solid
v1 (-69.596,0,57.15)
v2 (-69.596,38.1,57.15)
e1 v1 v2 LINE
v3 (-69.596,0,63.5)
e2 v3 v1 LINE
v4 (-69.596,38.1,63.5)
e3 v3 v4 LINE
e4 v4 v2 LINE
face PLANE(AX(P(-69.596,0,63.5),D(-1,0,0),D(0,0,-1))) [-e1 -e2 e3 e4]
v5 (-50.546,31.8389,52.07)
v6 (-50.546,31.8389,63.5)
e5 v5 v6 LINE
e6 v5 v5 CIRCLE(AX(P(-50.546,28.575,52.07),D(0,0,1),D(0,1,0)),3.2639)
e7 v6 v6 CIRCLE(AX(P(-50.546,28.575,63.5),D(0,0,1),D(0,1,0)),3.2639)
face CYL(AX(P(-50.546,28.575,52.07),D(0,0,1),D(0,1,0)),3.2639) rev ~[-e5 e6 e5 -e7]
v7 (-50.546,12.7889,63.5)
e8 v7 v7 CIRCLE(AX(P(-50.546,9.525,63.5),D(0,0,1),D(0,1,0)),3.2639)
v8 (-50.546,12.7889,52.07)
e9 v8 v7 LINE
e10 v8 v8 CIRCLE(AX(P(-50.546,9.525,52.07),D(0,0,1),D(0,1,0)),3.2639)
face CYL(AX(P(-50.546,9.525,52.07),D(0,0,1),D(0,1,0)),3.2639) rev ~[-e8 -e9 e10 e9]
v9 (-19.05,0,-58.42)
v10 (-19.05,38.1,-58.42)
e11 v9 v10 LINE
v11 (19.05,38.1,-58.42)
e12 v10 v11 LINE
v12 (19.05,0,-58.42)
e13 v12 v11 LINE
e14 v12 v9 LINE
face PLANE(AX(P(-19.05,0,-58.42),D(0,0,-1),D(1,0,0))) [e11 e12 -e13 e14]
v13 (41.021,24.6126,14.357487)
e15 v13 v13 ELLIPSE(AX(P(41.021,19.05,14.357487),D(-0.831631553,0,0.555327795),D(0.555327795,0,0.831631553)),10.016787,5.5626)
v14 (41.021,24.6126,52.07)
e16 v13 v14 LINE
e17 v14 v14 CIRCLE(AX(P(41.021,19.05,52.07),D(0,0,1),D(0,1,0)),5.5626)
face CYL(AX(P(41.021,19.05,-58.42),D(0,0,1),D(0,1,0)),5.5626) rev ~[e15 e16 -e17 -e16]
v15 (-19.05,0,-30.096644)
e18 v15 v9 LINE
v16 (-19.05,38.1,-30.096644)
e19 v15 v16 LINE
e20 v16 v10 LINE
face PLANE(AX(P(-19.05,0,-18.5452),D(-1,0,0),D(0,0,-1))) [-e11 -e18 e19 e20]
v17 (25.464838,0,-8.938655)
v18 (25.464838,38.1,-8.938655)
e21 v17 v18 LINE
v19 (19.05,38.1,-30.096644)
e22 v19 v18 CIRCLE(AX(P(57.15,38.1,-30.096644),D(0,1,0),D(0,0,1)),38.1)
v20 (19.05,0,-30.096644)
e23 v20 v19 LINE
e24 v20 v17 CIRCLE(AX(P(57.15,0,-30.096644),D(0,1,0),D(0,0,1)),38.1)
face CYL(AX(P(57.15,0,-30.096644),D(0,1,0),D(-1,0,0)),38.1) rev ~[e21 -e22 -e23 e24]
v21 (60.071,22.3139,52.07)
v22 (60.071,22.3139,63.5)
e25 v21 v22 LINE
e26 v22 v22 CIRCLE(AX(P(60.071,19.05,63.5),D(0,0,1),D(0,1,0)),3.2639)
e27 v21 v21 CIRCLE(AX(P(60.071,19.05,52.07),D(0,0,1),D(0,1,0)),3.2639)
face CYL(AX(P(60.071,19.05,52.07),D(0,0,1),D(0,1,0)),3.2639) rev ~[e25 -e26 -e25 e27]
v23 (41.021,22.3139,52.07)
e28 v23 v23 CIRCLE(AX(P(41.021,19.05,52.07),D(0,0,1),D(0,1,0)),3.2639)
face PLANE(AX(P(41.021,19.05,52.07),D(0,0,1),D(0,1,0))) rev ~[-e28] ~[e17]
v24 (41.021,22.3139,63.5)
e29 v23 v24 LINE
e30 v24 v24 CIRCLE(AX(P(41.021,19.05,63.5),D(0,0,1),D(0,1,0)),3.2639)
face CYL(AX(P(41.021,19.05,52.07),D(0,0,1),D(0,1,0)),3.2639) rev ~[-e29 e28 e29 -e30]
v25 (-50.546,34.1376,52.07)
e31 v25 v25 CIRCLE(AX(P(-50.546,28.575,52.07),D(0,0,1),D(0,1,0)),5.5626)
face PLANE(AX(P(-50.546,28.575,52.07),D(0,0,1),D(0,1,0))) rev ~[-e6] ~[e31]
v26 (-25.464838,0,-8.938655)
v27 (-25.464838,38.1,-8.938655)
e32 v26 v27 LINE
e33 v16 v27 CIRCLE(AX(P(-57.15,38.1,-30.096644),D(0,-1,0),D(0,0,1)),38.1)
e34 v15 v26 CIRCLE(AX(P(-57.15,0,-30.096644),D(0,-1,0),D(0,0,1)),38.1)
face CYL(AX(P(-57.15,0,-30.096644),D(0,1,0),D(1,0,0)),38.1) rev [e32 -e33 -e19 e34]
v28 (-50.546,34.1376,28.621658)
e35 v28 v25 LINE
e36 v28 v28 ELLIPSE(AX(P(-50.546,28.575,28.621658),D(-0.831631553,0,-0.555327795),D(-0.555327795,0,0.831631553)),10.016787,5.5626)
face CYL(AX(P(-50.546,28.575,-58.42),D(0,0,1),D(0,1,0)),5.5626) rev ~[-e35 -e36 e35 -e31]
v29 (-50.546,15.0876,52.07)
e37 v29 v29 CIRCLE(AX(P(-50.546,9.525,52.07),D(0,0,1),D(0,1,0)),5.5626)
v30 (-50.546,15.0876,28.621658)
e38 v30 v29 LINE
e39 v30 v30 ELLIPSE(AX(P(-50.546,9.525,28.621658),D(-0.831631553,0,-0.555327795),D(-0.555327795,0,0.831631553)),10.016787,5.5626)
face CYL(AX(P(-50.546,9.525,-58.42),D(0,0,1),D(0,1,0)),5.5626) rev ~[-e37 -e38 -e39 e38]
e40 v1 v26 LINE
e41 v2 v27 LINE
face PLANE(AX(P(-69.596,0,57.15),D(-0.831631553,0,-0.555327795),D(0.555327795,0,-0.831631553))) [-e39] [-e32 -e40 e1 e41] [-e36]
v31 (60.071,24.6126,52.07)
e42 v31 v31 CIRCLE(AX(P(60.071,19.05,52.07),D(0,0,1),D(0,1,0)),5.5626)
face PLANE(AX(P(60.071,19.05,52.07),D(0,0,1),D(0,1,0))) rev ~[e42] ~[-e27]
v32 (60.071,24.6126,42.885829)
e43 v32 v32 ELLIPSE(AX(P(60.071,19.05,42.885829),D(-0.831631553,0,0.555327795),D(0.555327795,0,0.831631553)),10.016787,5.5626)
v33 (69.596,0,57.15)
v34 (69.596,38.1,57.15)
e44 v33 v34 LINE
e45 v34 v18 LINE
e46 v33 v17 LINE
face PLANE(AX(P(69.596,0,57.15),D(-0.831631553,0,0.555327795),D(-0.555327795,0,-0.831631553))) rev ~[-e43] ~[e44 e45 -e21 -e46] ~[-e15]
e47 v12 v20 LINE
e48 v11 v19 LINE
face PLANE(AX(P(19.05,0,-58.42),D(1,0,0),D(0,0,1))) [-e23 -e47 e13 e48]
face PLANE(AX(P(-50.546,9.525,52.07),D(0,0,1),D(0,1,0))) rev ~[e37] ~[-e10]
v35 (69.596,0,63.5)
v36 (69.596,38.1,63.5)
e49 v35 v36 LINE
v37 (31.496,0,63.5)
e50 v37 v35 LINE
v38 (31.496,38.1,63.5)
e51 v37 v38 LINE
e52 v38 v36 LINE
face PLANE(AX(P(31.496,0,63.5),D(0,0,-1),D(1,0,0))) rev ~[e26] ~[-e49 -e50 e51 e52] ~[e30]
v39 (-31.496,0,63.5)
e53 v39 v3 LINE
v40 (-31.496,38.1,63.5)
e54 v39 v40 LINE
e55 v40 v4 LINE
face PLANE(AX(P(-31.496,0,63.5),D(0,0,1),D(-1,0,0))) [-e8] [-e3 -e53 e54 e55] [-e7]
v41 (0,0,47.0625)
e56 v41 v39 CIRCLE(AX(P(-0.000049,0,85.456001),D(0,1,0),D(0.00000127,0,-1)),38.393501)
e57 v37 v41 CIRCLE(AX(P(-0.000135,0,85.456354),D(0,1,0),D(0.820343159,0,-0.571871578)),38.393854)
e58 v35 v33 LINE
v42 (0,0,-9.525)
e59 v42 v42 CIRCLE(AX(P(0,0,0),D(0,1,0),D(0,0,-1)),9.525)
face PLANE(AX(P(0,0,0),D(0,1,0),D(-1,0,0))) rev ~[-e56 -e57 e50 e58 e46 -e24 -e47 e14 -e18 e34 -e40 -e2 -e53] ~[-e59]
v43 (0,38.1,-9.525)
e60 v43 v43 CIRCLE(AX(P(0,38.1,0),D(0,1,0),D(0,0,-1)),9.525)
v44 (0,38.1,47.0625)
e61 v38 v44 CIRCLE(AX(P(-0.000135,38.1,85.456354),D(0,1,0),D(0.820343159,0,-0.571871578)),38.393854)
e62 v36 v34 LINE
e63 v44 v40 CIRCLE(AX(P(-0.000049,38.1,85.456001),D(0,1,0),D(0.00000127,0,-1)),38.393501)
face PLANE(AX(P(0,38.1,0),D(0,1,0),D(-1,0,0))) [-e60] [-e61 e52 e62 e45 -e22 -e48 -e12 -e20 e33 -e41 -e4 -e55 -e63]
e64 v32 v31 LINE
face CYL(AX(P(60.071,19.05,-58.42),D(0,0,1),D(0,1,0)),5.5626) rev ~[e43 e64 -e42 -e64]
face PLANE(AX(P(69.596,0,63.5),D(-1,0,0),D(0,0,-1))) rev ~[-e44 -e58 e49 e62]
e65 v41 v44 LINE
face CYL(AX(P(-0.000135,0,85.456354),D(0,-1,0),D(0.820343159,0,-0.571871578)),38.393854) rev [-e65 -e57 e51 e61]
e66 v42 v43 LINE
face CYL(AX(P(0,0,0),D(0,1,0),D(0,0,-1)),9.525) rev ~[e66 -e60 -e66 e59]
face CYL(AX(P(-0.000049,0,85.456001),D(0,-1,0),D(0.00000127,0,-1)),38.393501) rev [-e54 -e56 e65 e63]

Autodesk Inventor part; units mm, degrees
ref_plane "YZ Plane" through (0, 0, 0) normal (1, 0, 0) x (0, 1, 0)
ref_plane "XZ Plane" through (0, 0, 0) normal (0, 1, 0) x (-1, 0, 0)
ref_plane "XY Plane" through (0, 0, 0) normal (0, 0, 1) x (1, 0, 0)
sketch "Sketch1" plane through (0, 0, 0) normal (0, 1, 0) x (-1, 0, 0)
  line L0 (19.05, -18.5452) -> (19.05, -58.42)
  line L1 (19.05, -58.42) -> (0, -58.42)
  line L2 (19.05, -58.42) -> (19.05, -18.5452)
  line L3 (31.496, 63.5) -> (69.596, 63.5)
  arc A0 (0, 47.0625) -> (31.496, 63.5) centre (0, 85.4562) ccw
  line L4 (0, 85.4562) -> (0, -58.42) construction
  line L5 (69.596, 63.5) -> (69.596, 57.15)
  line L6 (69.596, 57.15) -> (19.05, -18.5452)
  line L7 (0, 0) -> (69.596, 0) construction
  line L8 (-19.05, -58.42) -> (0, -58.42)
  line L9 (-19.05, -58.42) -> (-19.05, -18.5452)
  line L10 (-31.496, 63.5) -> (-69.596, 63.5)
  arc A1 (-31.496, 63.5) -> (0, 47.0625) centre (0, 85.4562) ccw
  line L11 (-69.596, 63.5) -> (-69.596, 57.15)
  line L12 (-69.596, 57.15) -> (-19.05, -18.5452)
  dimension "d73" = 38.3937
  dimension "d74" = 57.15
  dimension "d75" = 18.5452
  dimension "d76" = 19.05
  dimension "d77" = 58.42
  dimension "d78" = 69.596
  dimension "d79" = 38.1
  dimension "d80" = 31.496
  dimension "d81" = 63.5
  dimension "d82" = 6.35
  dimension "d83" = 39.8748
  dimension "d84" = 47.0626
  dimension "d86" = 121.92
  dimension "d90" = 38.1
extrude "Extrusion1" add sketch "Sketch1" along normal blind 38.1
hole "Hole1" at (0, 0, 0) direction (0, 1, 0) diameter 19.05 end through all
sketch "Sketch2" plane through (19.05, 0, -58.42) normal (0, 0, -1) x (-1, 0, 0)
  line L0 (38.1, 0) -> (88.646, 0) projected
  line L1 (88.646, 0) -> (88.646, 38.1) projected
  line L2 (38.1, 38.1) -> (88.646, 38.1) projected
  line L3 (38.1, 0) -> (38.1, 38.1) projected
  line L4 (-50.546, 0) -> (0, 0) projected
  line L5 (0, 0) -> (0, 38.1) projected
  line L6 (-50.546, 38.1) -> (0, 38.1) projected
  line L7 (-50.546, 0) -> (-50.546, 38.1) projected
  line L8 (88.646, 0) -> (50.546, 0) projected
  line L9 (50.546, 0) -> (50.546, 38.1) projected
  line L10 (88.646, 38.1) -> (50.546, 38.1) projected
  line L11 (88.646, 0) -> (88.646, 38.1) projected
  line L12 (69.596, 38.1) -> (69.596, 0) construction
  line L13 (-12.446, 0) -> (-12.446, 38.1) construction
  line L14 (-50.546, 19.05) -> (-12.446, 19.05) construction
  point P0 (19.05, 0)
  point P1 (-41.021, 19.05)
  point P2 (-21.971, 19.05)
  point P3 (69.596, 28.575)
  point P4 (69.596, 9.525)
  dimension "d92" = 38.1
  dimension "d93" = 9.525
  dimension "d94" = 9.525
  dimension "d95" = 9.525
  dimension "d96" = 9.525
  dimension "d97" = 38.1
hole "Hole2" at (60.071, 19.05, -58.42) at (41.021, 19.05, -58.42) at (-50.546, 28.575, -58.42) at (-50.546, 9.525, -58.42) direction (0, 0, 1) diameter 6.5278 depth 121.92 counterbore diameter 11.1252 counterbore depth 110.49 clearance for "Socket Head Cap Screw" size "1/4" standard "Ansi Unified Screw Threads"
fillet "Fillet1" radius 38.1 2 edges at (19.05, 19.05, -18.5452) (-19.05, 19.05, -18.5452)
equation "\"d94\" = d93"
equation "\"d95\" = d93"
equation "\"d96\" = d95"
properties part number "front leg"
